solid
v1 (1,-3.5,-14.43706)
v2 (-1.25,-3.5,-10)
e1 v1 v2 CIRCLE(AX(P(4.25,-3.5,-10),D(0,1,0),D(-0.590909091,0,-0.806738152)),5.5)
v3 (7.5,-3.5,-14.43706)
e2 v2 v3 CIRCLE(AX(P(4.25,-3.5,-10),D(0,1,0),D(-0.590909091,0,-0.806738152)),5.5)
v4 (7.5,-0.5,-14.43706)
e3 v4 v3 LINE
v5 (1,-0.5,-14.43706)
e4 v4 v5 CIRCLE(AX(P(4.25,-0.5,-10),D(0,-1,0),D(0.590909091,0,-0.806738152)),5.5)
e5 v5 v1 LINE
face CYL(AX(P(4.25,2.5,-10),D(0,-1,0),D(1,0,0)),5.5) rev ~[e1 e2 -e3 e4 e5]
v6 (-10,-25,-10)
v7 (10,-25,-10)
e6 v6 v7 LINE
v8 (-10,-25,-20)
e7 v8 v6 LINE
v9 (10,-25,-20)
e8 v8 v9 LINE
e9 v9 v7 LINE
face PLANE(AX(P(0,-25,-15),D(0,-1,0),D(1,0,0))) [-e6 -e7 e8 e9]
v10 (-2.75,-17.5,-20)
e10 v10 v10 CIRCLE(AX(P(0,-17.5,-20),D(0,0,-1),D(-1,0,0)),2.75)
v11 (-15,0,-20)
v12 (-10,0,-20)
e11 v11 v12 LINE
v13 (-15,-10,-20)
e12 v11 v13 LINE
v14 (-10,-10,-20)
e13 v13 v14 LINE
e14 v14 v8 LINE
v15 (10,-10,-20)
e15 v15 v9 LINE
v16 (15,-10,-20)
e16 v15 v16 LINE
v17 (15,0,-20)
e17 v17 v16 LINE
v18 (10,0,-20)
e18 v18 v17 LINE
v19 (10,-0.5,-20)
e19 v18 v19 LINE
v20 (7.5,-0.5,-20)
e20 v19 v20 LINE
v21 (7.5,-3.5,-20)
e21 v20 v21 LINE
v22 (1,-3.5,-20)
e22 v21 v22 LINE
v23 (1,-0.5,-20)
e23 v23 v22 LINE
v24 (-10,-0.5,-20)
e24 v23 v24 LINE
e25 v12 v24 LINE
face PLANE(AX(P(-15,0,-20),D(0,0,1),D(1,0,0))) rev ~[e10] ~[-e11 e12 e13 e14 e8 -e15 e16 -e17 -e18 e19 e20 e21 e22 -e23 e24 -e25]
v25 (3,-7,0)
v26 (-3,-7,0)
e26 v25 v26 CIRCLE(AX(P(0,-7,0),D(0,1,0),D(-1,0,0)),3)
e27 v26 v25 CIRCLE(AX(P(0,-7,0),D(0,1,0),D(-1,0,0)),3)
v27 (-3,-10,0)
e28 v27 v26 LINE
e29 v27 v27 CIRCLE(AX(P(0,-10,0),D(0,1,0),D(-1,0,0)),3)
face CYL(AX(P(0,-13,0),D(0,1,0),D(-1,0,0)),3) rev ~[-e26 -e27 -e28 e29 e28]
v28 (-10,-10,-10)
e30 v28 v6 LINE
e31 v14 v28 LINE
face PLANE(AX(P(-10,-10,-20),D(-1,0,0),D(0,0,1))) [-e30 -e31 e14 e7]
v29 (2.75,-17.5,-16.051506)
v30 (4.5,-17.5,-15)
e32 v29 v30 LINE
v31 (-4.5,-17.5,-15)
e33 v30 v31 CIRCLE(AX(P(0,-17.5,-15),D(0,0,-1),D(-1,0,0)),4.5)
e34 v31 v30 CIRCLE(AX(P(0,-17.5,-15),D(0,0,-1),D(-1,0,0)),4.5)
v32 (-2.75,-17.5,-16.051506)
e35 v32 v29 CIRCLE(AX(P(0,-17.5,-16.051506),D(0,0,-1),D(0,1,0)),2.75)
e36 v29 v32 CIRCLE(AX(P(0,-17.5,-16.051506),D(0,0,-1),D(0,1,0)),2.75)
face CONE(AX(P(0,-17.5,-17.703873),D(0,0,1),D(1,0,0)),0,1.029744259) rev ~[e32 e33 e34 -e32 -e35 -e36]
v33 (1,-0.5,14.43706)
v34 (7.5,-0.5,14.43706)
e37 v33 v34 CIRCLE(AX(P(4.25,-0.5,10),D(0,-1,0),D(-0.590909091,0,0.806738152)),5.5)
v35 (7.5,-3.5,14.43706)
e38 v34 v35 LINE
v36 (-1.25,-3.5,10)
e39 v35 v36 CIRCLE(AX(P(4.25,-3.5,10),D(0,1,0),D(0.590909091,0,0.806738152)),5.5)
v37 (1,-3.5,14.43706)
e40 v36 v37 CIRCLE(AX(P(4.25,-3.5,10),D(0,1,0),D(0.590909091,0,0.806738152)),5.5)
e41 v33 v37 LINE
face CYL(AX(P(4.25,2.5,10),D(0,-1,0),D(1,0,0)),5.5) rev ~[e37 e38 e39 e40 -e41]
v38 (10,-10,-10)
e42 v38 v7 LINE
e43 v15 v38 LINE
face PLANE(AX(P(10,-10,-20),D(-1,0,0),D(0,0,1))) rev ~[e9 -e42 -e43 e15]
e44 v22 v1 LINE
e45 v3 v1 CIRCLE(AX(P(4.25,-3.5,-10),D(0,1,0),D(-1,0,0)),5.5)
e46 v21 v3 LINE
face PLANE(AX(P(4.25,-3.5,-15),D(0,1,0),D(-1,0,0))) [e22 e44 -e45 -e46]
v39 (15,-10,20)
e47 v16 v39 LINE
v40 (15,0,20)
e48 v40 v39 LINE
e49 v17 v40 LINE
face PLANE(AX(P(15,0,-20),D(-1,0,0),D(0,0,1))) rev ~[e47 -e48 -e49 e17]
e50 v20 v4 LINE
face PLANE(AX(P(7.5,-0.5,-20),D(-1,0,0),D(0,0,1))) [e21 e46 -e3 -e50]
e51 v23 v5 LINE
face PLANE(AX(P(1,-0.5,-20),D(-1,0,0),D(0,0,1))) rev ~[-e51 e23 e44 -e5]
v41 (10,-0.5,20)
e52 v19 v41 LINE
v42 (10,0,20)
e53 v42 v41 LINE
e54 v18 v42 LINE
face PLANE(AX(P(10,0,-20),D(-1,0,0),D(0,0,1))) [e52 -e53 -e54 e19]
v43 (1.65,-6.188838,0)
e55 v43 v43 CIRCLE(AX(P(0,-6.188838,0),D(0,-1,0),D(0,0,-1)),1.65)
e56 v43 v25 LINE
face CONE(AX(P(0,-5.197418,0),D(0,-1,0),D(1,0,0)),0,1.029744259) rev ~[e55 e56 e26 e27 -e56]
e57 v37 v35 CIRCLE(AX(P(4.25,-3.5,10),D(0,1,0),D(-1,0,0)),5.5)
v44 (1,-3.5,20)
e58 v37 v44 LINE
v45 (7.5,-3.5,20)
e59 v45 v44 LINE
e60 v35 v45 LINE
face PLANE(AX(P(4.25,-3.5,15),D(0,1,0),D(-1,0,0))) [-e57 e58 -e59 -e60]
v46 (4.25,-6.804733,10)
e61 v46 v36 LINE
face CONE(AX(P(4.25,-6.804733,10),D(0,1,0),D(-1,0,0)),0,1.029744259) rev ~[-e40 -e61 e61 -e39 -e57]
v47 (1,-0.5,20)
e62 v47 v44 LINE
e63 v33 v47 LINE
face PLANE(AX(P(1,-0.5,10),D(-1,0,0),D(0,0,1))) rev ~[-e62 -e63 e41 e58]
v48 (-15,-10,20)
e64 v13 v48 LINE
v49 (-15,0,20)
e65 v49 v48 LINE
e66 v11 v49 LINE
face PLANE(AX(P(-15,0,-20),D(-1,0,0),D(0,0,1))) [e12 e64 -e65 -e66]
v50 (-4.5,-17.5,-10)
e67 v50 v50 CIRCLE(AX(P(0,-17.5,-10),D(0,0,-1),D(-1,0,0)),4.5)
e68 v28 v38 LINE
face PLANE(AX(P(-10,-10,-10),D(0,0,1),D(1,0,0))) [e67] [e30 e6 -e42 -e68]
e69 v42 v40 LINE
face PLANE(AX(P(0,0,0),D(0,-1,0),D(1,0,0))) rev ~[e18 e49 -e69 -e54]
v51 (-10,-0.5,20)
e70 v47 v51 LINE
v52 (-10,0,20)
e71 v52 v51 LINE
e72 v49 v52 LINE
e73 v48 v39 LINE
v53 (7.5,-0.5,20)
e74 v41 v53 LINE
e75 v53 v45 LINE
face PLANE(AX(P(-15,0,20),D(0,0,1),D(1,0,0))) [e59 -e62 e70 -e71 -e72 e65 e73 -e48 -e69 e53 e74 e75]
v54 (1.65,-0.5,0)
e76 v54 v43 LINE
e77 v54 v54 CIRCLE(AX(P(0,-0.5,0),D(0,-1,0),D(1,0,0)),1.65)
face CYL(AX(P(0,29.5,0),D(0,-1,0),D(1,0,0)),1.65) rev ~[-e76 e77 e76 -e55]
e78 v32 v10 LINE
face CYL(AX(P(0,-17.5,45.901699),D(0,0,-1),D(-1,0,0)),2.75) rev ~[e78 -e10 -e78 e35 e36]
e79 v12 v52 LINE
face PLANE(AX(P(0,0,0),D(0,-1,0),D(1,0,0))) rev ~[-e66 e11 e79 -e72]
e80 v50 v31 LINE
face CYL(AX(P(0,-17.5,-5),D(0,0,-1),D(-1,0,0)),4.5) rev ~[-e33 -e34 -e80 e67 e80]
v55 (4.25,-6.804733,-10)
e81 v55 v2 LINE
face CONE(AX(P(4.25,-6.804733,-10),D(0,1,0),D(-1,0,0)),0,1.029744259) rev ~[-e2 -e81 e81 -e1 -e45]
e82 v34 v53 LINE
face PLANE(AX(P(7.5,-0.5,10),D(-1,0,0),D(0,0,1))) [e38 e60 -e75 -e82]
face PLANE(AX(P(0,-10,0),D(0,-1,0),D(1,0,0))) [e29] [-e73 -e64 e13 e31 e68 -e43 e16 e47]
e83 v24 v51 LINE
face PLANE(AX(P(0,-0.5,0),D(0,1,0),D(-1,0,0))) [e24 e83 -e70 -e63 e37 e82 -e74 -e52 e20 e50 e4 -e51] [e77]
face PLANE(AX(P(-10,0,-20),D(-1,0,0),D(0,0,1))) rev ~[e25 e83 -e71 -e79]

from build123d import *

# Parameters (mm, degrees)
F0_W      = 30
F0_H      = 40
F1_DEPTH  = 10
F2_W      = 20
F2_H      = 40
F3_DEPTH  = 0.5
F4_W      = 6.5
F4_H      = 10
F5_DEPTH  = 3
F6_W      = 6.5
F6_H      = 10
F7_DEPTH  = 3
F8_W      = 20
F8_H      = 10
F9_DEPTH  = 15
F11_D     = 5.5
F13_D     = 9
F13_DEPTH = 5
F13_TIP   = 2.7038727856
F15_D     = 11
F15_DEPTH = 3
F15_TIP   = 3.3047334047
F17_D     = 11
F17_DEPTH = 3
F17_TIP   = 3.3047334047
F19_D     = 3.3
F19_DEPTH = 30
F19_TIP   = 0.9914200214
F21_D     = 6
F21_DEPTH = 3
F21_TIP   = 1.8025818571


with BuildPart() as f1:
    # F0 (on Front) → F1 (new body)
    with BuildSketch(Plane.XZ):
        Rectangle(F0_W, F0_H)
    extrude(amount=F1_DEPTH)

    # F2 (on face) → F3 (cut)
    with BuildSketch(Plane(origin=(0, 0, 0), x_dir=(-1, 0, 0), z_dir=(0, 1, 0))):
        Rectangle(F2_W, F2_H)
    extrude(amount=-F3_DEPTH, mode=Mode.SUBTRACT)

    # F4 (on face) → F5 (cut)
    with BuildSketch(Plane(origin=(0, -0.5, 0), x_dir=(-1, 0, 0), z_dir=(0, 1, 0))):
        with Locations((-4.25, 15)):
            Rectangle(F4_W, F4_H)
    extrude(amount=-F5_DEPTH, mode=Mode.SUBTRACT)

    # F6 (on face) → F7 (cut)
    with BuildSketch(Plane(origin=(0, -0.5, 0), x_dir=(-1, 0, 0), z_dir=(0, 1, 0))):
        with Locations((-4.25, -15)):
            Rectangle(F6_W, F6_H)
    extrude(amount=-F7_DEPTH, mode=Mode.SUBTRACT)

    # F8 (on face) → F9 (join)
    with BuildSketch(Plane.XZ.offset(10)):
        with Locations((0, -15)):
            Rectangle(F8_W, F8_H)
    extrude(amount=F9_DEPTH)

    # F11 (through all)
    with Locations(Plane.XY.offset(-10)):
        with Locations((0, -17.5)):
            Hole(F11_D / 2)

    # F13
    with Locations(Plane.XY.offset(-10)):
        with Locations((0, -17.5)):
            Hole(F13_D / 2, depth=F13_DEPTH)
            with Locations((0, 0, -(F13_DEPTH + F13_TIP / 2))):  # 118° drill point
                Cone(0, F13_D / 2, F13_TIP, mode=Mode.SUBTRACT)

    # F15
    with Locations(Plane(origin=(0, -0.5, 0), x_dir=(-1, 0, 0), z_dir=(0, 1, 0))):
        with Locations((-4.25, 10)):
            Hole(F15_D / 2, depth=F15_DEPTH)
            with Locations((0, 0, -(F15_DEPTH + F15_TIP / 2))):  # 118° drill point
                Cone(0, F15_D / 2, F15_TIP, mode=Mode.SUBTRACT)

    # F17
    with Locations(Plane(origin=(0, -0.5, 0), x_dir=(-1, 0, 0), z_dir=(0, 1, 0))):
        with Locations((-4.25, -10)):
            Hole(F17_D / 2, depth=F17_DEPTH)
            with Locations((0, 0, -(F17_DEPTH + F17_TIP / 2))):  # 118° drill point
                Cone(0, F17_D / 2, F17_TIP, mode=Mode.SUBTRACT)

    # F19
    with Locations(Plane(origin=(0, -0.5, 0), x_dir=(-1, 0, 0), z_dir=(0, 1, 0))):
        with Locations((0, 0)):
            Hole(F19_D / 2, depth=F19_DEPTH)
            with Locations((0, 0, -(F19_DEPTH + F19_TIP / 2))):  # 118° drill point
                Cone(0, F19_D / 2, F19_TIP, mode=Mode.SUBTRACT)

    # F21
    with Locations(Plane.XZ.offset(10)):
        with Locations((0, 0)):
            Hole(F21_D / 2, depth=F21_DEPTH)
            with Locations((0, 0, -(F21_DEPTH + F21_TIP / 2))):  # 118° drill point
                Cone(0, F21_D / 2, F21_TIP, mode=Mode.SUBTRACT)


solid = f1.part
